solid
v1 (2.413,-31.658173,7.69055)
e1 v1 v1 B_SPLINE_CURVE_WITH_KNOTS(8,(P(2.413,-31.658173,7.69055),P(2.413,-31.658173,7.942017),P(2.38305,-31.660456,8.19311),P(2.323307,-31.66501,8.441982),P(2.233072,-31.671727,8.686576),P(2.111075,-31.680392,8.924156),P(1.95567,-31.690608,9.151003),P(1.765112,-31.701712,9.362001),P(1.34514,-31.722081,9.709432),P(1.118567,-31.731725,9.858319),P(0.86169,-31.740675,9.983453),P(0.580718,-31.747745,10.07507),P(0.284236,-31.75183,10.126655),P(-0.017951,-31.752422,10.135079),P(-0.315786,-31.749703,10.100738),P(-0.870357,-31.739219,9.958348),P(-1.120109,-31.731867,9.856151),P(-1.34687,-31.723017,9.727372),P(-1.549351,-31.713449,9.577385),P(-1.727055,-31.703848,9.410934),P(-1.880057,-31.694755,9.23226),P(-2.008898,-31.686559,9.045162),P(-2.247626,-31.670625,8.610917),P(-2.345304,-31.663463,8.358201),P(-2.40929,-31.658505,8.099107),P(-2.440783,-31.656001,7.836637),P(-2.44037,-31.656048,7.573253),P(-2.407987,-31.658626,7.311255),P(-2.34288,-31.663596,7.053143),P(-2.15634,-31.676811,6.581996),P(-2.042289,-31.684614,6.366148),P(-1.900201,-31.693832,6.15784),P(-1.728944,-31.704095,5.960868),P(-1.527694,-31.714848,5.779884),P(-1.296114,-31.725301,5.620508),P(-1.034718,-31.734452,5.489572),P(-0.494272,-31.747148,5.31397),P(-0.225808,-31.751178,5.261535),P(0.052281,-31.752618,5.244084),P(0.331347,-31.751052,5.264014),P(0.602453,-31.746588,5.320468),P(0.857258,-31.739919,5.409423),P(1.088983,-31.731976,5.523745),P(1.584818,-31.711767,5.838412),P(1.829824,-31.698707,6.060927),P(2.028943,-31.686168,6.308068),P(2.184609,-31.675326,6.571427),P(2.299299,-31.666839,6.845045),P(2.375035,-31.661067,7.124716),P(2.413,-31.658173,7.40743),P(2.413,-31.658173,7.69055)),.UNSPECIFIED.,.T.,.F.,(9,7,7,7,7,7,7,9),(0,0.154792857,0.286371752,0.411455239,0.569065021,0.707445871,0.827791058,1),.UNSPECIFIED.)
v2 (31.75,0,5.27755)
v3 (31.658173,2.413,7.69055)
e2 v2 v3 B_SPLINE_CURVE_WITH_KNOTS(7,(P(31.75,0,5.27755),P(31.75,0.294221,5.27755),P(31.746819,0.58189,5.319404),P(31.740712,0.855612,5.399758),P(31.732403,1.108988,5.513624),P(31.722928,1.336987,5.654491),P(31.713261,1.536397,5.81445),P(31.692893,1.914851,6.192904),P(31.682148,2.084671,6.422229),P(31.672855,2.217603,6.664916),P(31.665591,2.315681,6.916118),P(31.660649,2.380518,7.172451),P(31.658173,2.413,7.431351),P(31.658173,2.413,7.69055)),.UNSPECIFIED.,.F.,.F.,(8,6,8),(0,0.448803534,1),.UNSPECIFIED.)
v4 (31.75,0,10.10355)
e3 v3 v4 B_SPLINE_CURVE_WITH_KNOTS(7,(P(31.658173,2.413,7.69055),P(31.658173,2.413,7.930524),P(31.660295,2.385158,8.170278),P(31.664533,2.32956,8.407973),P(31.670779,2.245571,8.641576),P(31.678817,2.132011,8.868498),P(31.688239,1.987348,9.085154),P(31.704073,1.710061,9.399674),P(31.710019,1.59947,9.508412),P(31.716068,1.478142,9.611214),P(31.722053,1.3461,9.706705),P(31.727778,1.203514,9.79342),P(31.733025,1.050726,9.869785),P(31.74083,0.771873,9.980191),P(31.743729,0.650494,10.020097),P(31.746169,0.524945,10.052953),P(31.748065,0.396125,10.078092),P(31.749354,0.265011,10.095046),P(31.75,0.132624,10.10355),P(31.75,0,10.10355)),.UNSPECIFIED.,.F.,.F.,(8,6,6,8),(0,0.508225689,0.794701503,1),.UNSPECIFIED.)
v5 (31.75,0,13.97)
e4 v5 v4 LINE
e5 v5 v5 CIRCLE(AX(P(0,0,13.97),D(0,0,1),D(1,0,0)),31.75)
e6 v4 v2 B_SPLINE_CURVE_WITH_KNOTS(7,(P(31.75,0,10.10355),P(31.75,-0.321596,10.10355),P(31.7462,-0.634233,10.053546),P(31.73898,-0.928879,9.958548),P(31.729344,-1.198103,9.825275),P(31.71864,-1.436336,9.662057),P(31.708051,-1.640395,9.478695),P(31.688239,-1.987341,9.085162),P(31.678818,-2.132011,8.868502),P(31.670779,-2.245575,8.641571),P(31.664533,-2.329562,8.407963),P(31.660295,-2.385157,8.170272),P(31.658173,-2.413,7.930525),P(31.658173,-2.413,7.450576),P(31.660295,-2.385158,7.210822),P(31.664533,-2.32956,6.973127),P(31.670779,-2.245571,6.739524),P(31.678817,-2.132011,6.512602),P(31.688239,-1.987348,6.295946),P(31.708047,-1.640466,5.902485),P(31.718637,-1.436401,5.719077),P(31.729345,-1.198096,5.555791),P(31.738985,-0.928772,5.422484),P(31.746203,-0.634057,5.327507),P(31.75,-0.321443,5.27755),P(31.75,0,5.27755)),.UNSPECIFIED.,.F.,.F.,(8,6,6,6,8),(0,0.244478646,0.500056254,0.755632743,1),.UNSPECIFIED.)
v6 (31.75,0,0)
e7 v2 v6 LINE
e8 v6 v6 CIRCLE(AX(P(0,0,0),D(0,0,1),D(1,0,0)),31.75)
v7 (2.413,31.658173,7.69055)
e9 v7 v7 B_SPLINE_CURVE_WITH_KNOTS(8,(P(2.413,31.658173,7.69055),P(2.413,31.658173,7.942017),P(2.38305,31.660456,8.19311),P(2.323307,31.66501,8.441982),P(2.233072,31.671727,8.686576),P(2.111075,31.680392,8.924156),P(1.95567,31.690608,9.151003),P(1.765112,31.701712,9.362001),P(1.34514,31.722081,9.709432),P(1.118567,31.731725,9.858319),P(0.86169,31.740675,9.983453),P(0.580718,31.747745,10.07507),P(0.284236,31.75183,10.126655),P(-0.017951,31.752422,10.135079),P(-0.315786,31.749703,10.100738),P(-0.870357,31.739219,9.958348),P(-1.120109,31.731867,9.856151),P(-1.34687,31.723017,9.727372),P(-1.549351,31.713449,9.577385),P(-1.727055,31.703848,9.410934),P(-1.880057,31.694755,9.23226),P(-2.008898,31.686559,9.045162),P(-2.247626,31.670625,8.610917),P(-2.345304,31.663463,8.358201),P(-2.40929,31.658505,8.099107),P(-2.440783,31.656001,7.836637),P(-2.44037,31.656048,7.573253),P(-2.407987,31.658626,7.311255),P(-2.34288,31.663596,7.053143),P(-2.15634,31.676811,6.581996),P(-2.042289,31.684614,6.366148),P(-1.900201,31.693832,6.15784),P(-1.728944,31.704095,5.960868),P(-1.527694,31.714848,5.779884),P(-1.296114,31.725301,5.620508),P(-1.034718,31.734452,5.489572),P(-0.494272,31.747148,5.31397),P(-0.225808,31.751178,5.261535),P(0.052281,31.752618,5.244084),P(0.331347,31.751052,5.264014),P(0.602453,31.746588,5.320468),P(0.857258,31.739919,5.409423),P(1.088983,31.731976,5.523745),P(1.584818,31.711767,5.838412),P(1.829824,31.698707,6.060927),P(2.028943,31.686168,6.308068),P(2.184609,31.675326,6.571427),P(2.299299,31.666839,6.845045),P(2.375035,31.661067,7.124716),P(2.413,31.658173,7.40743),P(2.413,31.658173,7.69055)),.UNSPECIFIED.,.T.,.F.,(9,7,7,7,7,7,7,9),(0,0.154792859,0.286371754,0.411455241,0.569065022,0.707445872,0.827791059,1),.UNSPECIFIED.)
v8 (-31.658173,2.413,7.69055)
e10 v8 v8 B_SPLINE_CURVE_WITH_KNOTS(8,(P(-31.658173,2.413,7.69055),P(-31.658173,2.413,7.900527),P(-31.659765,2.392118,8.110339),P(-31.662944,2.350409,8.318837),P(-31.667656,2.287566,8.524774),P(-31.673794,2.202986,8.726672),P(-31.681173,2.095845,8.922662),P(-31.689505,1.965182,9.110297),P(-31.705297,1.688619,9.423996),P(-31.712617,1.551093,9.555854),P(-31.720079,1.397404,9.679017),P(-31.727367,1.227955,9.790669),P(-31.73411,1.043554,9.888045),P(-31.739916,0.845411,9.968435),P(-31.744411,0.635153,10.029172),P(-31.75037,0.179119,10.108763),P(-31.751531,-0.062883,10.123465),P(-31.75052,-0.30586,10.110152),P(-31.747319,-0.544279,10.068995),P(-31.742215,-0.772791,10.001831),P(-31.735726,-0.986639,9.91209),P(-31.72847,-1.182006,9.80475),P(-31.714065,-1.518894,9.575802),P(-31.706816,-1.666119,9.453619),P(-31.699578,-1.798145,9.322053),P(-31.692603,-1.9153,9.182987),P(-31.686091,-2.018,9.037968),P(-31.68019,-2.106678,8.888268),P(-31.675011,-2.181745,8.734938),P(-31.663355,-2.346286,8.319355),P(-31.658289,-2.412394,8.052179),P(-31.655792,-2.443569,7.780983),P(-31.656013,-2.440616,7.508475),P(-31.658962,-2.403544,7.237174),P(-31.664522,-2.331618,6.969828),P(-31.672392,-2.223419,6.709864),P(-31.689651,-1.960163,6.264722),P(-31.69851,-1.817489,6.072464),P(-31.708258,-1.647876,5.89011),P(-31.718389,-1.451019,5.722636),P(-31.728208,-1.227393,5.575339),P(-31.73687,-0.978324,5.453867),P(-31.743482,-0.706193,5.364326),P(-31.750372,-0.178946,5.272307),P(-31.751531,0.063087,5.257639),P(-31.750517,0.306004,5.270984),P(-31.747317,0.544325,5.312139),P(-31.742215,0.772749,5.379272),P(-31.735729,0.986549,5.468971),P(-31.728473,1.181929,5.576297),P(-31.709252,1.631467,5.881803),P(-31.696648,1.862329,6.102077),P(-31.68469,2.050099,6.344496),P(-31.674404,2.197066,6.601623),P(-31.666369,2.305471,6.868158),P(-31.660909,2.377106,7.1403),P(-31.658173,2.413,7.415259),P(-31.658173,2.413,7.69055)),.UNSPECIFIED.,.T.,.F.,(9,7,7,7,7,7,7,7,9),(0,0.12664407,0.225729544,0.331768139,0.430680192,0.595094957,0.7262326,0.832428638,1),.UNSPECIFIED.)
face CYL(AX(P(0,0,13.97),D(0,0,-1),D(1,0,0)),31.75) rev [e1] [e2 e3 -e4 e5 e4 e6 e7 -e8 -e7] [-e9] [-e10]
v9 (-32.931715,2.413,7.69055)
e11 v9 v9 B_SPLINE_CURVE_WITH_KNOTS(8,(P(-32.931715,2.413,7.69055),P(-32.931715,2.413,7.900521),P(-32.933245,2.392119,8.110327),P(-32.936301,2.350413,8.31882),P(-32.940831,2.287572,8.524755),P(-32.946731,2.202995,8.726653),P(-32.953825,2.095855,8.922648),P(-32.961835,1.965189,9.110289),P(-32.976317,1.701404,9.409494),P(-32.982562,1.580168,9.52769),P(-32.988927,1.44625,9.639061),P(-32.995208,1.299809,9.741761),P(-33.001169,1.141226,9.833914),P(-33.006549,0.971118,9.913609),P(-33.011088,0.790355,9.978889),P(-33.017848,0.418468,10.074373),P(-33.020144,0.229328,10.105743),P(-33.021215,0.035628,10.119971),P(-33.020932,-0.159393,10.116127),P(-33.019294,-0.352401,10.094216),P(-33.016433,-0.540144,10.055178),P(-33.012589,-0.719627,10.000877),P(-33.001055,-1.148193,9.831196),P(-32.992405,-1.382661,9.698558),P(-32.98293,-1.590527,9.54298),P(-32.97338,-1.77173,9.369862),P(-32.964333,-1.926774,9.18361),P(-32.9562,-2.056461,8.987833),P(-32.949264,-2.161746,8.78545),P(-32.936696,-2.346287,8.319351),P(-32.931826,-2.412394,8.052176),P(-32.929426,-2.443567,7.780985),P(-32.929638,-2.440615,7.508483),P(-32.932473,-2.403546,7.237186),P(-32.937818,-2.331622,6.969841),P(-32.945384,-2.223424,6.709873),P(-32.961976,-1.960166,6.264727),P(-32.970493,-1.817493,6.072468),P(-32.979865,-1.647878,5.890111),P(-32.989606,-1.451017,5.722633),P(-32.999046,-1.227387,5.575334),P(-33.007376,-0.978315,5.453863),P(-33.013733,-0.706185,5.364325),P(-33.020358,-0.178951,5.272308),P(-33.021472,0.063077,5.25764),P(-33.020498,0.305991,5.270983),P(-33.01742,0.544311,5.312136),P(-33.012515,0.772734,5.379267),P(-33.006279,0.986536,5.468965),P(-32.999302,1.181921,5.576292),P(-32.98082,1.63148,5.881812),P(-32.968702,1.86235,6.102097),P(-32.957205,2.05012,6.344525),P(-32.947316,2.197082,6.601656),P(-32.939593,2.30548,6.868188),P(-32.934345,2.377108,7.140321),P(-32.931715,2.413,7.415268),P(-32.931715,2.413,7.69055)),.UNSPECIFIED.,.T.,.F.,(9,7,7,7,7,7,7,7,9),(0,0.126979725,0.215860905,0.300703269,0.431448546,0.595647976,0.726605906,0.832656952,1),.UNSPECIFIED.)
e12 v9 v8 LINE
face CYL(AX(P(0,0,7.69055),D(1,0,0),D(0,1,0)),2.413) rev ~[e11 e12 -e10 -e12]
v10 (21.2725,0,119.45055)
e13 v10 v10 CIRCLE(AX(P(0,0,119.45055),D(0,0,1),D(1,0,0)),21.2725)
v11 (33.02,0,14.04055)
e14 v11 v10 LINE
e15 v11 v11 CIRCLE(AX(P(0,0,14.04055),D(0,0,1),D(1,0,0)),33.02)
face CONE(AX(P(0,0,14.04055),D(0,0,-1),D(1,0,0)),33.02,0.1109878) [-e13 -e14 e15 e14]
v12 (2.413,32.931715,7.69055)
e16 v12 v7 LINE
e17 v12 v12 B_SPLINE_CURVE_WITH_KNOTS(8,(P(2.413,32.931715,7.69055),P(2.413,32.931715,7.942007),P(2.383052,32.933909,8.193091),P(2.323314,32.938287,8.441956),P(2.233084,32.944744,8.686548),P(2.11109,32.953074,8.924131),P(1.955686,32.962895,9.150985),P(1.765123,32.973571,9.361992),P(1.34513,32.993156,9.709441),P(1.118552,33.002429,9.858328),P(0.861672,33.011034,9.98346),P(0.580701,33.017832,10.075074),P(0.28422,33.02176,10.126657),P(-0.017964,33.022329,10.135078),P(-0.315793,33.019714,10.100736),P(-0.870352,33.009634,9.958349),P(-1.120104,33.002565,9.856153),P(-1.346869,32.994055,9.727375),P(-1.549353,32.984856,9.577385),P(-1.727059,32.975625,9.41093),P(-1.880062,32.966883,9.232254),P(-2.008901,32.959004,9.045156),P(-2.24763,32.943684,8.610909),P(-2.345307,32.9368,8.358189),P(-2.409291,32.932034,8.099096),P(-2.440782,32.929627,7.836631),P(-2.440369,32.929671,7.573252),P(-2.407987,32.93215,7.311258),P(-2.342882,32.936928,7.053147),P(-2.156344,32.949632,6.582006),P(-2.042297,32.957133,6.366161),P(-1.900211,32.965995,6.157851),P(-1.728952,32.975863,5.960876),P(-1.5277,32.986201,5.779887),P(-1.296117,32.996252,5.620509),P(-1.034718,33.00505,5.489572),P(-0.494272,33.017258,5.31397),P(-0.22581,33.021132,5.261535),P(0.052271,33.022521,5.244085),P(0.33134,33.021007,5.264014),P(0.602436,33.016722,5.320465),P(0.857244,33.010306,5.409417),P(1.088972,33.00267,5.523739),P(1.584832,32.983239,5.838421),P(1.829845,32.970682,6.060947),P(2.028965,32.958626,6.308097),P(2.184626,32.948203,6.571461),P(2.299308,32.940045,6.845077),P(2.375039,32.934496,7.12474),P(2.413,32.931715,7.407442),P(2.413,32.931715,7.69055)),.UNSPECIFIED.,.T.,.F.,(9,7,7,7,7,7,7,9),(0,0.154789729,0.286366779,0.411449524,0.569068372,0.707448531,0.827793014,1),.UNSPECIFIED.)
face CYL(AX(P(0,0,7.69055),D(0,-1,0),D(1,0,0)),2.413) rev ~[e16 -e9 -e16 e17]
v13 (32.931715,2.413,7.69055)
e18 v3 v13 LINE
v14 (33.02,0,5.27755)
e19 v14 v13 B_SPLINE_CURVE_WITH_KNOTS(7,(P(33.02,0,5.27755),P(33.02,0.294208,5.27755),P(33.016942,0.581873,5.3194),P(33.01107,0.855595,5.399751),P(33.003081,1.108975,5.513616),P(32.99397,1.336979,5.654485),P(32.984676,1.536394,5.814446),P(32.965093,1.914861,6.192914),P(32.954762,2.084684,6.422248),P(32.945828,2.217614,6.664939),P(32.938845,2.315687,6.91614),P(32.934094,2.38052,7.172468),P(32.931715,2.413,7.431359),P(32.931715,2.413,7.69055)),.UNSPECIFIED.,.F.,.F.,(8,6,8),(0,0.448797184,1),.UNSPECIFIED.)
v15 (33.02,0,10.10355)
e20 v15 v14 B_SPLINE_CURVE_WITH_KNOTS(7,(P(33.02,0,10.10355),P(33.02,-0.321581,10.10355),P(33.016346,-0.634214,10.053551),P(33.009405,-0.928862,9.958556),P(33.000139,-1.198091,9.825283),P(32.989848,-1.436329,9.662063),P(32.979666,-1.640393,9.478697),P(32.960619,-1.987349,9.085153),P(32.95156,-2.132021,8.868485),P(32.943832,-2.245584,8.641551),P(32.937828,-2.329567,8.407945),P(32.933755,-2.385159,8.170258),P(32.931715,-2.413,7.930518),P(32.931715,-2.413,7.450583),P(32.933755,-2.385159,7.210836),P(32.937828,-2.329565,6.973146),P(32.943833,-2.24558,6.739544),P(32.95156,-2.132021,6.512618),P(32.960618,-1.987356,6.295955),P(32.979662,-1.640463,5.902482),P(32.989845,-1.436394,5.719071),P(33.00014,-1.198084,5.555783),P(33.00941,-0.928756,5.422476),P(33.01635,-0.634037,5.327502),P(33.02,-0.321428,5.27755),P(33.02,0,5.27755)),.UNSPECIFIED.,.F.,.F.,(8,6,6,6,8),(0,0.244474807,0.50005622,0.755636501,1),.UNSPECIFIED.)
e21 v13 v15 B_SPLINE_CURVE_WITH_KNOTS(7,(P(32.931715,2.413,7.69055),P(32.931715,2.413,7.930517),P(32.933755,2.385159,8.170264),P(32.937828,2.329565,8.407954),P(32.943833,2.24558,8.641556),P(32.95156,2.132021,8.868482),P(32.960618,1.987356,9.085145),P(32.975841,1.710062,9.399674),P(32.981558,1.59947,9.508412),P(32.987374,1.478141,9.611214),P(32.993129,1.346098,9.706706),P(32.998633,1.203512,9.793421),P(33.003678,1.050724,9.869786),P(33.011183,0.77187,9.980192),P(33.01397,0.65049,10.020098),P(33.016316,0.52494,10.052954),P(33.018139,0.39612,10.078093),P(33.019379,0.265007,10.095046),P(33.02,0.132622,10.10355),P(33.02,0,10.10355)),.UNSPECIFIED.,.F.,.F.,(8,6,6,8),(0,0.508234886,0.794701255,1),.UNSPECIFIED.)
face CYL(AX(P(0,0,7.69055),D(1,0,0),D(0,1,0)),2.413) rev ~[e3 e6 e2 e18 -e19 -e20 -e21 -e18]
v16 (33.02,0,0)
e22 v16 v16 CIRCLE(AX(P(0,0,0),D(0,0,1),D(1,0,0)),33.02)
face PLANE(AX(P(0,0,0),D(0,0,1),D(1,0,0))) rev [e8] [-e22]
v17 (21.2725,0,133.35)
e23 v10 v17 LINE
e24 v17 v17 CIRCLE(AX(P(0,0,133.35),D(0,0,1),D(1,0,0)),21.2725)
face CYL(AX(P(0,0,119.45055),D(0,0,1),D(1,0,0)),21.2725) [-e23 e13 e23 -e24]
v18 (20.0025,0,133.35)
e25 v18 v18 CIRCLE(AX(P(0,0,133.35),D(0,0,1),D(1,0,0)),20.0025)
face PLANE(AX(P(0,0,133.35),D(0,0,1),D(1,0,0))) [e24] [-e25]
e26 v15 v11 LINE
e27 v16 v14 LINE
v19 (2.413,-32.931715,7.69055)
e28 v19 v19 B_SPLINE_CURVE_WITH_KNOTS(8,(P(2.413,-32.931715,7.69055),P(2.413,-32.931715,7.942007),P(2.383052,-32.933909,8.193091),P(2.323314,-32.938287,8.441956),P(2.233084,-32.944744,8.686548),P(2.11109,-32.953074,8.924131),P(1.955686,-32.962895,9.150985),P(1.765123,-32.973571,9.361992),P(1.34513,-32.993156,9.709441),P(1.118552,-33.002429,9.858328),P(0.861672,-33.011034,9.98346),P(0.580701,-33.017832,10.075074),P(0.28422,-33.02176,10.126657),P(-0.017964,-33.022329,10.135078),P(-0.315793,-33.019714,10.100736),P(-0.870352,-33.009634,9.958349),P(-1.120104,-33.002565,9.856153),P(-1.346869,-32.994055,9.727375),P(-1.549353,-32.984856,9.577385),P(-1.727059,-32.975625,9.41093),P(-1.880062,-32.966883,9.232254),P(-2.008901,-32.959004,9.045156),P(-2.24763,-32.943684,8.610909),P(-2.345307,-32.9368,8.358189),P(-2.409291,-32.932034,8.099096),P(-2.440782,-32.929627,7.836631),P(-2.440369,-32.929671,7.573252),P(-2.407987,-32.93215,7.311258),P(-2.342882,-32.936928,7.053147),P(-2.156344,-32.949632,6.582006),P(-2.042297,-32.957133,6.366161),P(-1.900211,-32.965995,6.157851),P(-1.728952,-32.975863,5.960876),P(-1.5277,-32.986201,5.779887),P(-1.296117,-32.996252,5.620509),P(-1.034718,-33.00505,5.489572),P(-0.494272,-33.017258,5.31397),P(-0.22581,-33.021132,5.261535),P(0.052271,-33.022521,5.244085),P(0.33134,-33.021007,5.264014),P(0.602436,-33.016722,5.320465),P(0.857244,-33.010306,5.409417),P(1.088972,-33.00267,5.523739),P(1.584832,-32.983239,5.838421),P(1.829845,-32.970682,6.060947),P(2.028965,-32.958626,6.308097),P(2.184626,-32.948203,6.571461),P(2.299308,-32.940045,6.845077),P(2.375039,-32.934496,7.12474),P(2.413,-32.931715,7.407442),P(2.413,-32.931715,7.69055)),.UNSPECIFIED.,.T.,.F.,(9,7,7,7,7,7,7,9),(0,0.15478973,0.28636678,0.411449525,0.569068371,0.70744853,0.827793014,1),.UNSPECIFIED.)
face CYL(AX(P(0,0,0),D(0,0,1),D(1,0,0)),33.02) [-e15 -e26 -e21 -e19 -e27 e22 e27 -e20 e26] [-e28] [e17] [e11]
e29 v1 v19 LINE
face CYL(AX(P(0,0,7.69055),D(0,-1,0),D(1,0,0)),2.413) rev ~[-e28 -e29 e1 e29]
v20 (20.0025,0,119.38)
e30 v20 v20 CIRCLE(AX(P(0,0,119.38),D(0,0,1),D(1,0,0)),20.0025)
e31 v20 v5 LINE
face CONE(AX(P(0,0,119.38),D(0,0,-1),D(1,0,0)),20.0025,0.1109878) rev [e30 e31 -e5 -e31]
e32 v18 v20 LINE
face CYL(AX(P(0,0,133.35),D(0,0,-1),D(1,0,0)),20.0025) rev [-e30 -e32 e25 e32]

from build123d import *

# Parameters (mm, degrees)
F2_R     = 2.413
F4_DEPTH = 50.8
F3_R     = 2.413
F5_DEPTH = 50.8


with BuildPart() as f1:
    # F0 (on Front) → F1 (revolve)
    with BuildSketch(Plane.XZ):
        Polygon((31.75, 13.97), (31.75, 0), (33.02, 0), (33.02, 14.04055), (21.2725, 119.45055), (21.2725, 133.35), (20.0025, 133.35), (20.0025, 119.38), align=None)
    revolve(axis=Axis((0, 0, 24.955008), (0, 0, 1)))

    # F2 (on Front) → F4 (cut, symmetric)
    with BuildSketch(Plane.XZ):
        with Locations((0, 7.69055)):
            Circle(F2_R)
    extrude(amount=F4_DEPTH, both=True, mode=Mode.SUBTRACT)

    # F3 (on Right) → F5 (cut, symmetric)
    with BuildSketch(Plane.YZ):
        with Locations((0, 7.69055)):
            Circle(F3_R)
    extrude(amount=F5_DEPTH, both=True, mode=Mode.SUBTRACT)


solid = f1.part
